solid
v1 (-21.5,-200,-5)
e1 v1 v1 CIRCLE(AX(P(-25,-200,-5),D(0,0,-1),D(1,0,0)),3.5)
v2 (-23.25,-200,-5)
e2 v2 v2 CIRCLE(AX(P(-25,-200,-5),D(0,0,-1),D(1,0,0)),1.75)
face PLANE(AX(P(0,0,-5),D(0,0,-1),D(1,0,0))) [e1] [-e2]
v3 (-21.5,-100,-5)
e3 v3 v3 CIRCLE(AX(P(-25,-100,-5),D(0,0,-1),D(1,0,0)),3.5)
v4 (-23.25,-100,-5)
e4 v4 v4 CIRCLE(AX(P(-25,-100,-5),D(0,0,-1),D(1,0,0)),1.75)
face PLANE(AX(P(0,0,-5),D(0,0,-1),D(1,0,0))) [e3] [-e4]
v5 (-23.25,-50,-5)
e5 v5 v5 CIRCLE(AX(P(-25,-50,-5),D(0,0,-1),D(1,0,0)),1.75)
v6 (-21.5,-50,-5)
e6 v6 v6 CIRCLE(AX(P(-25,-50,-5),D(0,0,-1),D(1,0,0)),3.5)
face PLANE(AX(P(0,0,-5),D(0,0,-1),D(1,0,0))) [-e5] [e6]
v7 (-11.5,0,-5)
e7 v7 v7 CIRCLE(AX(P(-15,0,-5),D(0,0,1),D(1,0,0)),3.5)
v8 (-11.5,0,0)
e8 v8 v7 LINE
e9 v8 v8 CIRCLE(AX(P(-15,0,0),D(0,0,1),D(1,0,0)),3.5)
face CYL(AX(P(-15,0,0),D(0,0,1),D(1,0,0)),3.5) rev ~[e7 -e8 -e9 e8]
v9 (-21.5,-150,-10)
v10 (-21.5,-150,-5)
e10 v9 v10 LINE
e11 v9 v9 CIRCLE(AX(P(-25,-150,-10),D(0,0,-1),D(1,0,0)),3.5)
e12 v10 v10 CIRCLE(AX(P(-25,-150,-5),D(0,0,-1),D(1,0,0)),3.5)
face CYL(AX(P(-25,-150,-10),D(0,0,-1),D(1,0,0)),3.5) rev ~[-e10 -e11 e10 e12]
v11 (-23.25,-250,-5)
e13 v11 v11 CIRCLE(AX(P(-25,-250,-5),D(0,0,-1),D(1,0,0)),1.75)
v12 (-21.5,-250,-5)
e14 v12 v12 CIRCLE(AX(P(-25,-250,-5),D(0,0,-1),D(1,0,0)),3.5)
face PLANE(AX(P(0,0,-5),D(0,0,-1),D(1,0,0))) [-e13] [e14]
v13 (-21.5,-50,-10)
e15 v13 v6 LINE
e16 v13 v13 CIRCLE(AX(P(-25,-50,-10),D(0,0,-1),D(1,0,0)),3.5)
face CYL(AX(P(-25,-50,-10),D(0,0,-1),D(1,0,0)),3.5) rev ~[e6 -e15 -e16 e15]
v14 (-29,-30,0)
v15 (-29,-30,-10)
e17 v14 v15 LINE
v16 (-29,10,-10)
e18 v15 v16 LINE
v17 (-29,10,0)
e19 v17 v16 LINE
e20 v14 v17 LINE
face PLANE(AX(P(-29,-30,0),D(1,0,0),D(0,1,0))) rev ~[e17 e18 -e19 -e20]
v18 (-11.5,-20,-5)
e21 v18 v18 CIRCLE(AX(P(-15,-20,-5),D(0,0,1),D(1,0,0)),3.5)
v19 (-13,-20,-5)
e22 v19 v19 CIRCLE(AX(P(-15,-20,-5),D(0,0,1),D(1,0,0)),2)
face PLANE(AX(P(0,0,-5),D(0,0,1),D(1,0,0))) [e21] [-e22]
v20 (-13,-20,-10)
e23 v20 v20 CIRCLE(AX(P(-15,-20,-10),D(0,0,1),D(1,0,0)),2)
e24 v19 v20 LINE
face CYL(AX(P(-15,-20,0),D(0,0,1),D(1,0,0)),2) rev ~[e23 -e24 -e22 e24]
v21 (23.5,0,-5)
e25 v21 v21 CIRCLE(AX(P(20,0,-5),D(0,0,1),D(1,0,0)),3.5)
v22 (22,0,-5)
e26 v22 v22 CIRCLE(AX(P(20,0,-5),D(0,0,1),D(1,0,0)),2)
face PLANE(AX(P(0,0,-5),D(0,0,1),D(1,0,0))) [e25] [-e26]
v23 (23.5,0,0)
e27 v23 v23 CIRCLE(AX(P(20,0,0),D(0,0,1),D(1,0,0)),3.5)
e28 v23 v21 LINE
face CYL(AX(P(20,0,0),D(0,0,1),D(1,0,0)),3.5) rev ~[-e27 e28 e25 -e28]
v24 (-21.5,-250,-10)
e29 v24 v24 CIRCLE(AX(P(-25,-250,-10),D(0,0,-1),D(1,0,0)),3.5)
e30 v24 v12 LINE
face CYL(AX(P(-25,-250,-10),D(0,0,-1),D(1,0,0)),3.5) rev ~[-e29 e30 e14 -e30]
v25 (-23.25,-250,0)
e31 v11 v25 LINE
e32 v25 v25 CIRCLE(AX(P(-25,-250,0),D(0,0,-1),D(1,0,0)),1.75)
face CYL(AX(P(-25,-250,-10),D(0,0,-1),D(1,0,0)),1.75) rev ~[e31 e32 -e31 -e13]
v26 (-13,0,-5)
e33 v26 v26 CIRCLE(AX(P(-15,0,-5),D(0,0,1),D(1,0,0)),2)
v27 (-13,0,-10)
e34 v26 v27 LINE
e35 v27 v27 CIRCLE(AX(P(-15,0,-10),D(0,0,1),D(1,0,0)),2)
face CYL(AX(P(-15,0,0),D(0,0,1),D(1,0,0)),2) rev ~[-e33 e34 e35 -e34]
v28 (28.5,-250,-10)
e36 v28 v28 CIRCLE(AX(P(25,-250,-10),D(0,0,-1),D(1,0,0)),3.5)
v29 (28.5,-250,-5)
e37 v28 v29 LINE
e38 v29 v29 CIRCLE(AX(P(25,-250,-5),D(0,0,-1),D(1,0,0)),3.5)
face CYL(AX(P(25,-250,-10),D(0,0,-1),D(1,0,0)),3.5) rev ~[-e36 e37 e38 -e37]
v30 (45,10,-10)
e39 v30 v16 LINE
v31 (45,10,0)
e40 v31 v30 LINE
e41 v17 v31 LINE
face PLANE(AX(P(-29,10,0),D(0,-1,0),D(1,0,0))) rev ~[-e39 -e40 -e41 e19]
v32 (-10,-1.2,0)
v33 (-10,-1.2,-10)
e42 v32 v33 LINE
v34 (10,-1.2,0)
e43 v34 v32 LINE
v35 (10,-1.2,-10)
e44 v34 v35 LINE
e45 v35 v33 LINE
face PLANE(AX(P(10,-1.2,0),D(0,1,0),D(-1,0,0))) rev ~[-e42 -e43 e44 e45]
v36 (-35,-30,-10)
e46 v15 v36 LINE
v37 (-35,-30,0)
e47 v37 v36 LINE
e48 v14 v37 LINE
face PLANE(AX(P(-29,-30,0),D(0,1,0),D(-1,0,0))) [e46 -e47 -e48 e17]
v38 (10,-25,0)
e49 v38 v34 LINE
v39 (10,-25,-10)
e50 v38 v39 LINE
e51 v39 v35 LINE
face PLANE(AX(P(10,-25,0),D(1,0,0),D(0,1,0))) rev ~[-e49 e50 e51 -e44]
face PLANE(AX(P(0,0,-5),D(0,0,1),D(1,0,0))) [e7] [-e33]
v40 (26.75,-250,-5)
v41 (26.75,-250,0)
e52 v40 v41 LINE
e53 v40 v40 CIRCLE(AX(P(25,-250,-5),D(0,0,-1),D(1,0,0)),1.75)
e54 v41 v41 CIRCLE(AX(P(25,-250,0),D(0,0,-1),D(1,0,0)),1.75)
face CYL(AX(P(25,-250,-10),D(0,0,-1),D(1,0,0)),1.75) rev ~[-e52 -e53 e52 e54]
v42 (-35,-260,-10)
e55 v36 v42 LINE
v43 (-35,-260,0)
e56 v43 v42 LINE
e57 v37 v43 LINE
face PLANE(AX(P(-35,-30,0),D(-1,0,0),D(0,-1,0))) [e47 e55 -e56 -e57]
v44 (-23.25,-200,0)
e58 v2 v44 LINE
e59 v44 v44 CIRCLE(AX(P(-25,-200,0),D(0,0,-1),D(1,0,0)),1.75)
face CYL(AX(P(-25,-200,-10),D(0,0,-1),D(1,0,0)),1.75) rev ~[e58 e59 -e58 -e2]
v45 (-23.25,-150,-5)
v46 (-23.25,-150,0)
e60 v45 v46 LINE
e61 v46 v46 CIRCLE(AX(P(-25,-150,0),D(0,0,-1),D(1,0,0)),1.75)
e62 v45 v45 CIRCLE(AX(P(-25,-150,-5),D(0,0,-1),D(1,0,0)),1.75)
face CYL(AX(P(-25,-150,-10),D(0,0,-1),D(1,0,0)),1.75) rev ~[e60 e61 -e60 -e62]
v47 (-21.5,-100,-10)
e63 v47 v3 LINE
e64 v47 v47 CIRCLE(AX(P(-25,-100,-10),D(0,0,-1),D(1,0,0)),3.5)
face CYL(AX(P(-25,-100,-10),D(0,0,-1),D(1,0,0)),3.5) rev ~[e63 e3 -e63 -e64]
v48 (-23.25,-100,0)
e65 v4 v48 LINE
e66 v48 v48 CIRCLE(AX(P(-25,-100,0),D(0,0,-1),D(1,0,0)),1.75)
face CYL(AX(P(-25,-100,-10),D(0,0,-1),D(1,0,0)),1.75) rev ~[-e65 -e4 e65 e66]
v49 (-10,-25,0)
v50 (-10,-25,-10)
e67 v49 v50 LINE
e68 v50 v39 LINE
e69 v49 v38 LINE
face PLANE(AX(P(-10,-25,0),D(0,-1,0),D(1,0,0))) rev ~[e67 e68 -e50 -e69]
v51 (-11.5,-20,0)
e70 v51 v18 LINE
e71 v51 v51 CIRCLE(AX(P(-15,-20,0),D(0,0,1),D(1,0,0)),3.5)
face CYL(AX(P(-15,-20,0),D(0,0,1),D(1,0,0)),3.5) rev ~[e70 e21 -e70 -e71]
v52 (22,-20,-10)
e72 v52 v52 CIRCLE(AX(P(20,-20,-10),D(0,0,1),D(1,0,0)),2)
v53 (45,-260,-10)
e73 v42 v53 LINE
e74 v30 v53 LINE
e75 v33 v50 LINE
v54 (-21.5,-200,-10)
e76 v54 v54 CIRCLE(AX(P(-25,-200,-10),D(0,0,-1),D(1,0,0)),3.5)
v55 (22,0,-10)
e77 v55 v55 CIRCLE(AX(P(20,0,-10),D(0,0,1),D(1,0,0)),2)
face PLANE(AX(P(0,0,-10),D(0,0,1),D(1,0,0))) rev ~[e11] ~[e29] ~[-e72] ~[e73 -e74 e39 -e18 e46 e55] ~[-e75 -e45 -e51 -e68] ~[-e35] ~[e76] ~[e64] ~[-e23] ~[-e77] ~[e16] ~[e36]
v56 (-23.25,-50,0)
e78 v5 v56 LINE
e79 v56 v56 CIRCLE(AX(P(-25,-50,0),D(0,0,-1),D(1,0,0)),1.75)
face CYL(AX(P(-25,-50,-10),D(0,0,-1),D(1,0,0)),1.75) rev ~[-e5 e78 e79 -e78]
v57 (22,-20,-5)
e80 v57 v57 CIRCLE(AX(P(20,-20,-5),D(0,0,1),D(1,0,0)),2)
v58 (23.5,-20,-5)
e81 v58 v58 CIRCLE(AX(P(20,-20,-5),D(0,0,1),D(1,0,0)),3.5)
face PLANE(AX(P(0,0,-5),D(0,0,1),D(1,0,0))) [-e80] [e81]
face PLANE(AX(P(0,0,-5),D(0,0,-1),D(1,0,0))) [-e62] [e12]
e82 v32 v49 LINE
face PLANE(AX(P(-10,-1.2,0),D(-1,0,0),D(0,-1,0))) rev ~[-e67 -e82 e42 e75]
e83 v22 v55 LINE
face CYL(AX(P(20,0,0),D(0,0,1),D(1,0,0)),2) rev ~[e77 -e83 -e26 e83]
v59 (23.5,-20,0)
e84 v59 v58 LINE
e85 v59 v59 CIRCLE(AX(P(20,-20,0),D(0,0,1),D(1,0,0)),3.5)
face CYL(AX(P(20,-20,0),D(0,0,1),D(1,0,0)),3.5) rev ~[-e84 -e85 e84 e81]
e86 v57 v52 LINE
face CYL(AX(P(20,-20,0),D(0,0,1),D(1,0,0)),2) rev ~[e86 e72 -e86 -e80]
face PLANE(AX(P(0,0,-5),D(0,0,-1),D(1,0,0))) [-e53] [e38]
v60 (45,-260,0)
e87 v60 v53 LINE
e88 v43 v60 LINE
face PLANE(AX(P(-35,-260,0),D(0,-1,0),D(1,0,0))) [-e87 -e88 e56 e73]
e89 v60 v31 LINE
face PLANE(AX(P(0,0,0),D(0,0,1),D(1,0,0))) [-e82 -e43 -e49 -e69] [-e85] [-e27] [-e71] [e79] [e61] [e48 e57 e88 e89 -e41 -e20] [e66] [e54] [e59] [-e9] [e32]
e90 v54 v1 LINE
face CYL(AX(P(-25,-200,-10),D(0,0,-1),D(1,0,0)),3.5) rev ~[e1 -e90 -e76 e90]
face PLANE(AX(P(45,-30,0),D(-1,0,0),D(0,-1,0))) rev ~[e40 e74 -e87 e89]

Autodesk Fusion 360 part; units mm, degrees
sketch "Szkic1" plane through (0, 0, 0) normal (0, 0, 1) x (1, 0, 0)
  line L0 (-29, -30) -> (-29, 10)
  line L1 (31, -30) -> (-29, -30)
  line L2 (31, 10) -> (31, -30)
  line L3 (-29, 10) -> (31, 10)
  line L4 (10, -25) -> (10, -1.2)
  line L5 (10, -1.2) -> (-10, -1.2)
  line L6 (-10, -1.2) -> (-10, -25)
  line L7 (-10, -25) -> (10, -25)
  circle A0 centre (20, -20) radius 2
  circle A1 centre (20, 0) radius 2
  circle A2 centre (-15, 0) radius 2
  circle A3 centre (-15, -20) radius 2
  line L8 (-29, 10) -> (-29, -30)
  line L9 (-29, -30) -> (-35, -30)
  line L10 (-35, -30) -> (-35, 10)
  line L11 (-35, 10) -> (-29, 10)
  line L12 (31, 10) -> (31, -30)
  line L13 (31, -30) -> (45, -30)
  line L14 (45, -30) -> (45, 10)
  line L15 (45, 10) -> (31, 10)
  line L16 (45, -30) -> (45, -260)
  line L17 (-35, -30) -> (-35, -260)
  line L18 (-35, -260) -> (45, -260)
  circle A4 centre (-15, -20) radius 3.5
  circle A5 centre (-15, 0) radius 3.5
  circle A6 centre (20, 0) radius 3.5
  circle A7 centre (20, -20) radius 3.5
  dimension "d1" = 4
  dimension "d2" = 4
  dimension "d3" = 4
  dimension "d4" = 4
  dimension "d5" = 6
  dimension "d6" = 14
  dimension "d7" = 230
  dimension "d8" = 230
  dimension "d9" = 7
  dimension "d10" = 7
  dimension "d11" = 7
  dimension "d12" = 7
extrude "Wyciągnięcie proste1" add sketch "Szkic1" against normal blind 10 contours L0 L1 L2 L3 L8 L12 | L1 L9 L13 L16 L17 L18 | L2 L12 L13 L14 L15 | A4 | A5 | A6 | A7
extrude "Wyciągnięcie proste2" cut sketch "Szkic1" against normal blind 5 contours A4 | A5 | A6 | A7
sketch "Szkic2" plane through (0, 0, -10) normal (0, 0, -1) x (1, 0, 0)
  circle A0 centre (-15, 20) radius 2
  line L0 (-10, 25) -> (10, 25)
  line L1 (10, 25) -> (10, 1.2)
  line L2 (10, 1.2) -> (-10, 1.2)
  line L3 (-10, 1.2) -> (-10, 25)
  circle A1 centre (-15, 0) radius 2
  circle A2 centre (20, 0) radius 2
  circle A3 centre (20, 20) radius 2
  line L4 (-29, 30) -> (-29, -10)
  line L5 (-29, -10) -> (45, -10)
  line L6 (45, -10) -> (45, 260)
  line L7 (45, 260) -> (-35, 260)
  line L8 (-35, 260) -> (-35, 30)
  line L9 (-35, 30) -> (-29, 30)
  circle A4 centre (-25, 250) radius 1.75
  circle A5 centre (25, 250) radius 1.75
  circle A6 centre (-25, 200) radius 1.75
  circle A7 centre (-25, 150) radius 1.75
  circle A8 centre (-25, 100) radius 1.75
  circle A9 centre (-25, 50) radius 1.75
  circle A10 centre (-25, 250) radius 3.5
  circle A11 centre (25, 250) radius 3.5
  circle A12 centre (-25, 200) radius 3.5
  circle A13 centre (-25, 150) radius 3.5
  circle A14 centre (-25, 100) radius 3.5
  circle A15 centre (-25, 50) radius 3.5
  dimension "d17" = 3.5
  dimension "d18" = 3.5
  dimension "d19" = 3.5
  dimension "d20" = 3.5
  dimension "d21" = 3.5
  dimension "d22" = 3.5
  dimension "d23" = 7
  dimension "d24" = 7
  dimension "d25" = 7
  dimension "d26" = 7
  dimension "d27" = 7
  dimension "d28" = 7
extrude "Wyciągnięcie proste3" cut sketch "Szkic2" against normal blind 5 contours A10 | A11 | A12 | A13 | A14 | A15
extrude "Wyciągnięcie proste4" cut 6 faces at (-24.8702, -50.5687, -10) (-24.6044, -99.1189, -10) (-26.2448, -149.6385, -10) (-24.3128, -199.6032, -10) (-25.3003, -250.543, -10) (24.301, -249.4674, -10) along direction (0, 0, 1) blind 10
